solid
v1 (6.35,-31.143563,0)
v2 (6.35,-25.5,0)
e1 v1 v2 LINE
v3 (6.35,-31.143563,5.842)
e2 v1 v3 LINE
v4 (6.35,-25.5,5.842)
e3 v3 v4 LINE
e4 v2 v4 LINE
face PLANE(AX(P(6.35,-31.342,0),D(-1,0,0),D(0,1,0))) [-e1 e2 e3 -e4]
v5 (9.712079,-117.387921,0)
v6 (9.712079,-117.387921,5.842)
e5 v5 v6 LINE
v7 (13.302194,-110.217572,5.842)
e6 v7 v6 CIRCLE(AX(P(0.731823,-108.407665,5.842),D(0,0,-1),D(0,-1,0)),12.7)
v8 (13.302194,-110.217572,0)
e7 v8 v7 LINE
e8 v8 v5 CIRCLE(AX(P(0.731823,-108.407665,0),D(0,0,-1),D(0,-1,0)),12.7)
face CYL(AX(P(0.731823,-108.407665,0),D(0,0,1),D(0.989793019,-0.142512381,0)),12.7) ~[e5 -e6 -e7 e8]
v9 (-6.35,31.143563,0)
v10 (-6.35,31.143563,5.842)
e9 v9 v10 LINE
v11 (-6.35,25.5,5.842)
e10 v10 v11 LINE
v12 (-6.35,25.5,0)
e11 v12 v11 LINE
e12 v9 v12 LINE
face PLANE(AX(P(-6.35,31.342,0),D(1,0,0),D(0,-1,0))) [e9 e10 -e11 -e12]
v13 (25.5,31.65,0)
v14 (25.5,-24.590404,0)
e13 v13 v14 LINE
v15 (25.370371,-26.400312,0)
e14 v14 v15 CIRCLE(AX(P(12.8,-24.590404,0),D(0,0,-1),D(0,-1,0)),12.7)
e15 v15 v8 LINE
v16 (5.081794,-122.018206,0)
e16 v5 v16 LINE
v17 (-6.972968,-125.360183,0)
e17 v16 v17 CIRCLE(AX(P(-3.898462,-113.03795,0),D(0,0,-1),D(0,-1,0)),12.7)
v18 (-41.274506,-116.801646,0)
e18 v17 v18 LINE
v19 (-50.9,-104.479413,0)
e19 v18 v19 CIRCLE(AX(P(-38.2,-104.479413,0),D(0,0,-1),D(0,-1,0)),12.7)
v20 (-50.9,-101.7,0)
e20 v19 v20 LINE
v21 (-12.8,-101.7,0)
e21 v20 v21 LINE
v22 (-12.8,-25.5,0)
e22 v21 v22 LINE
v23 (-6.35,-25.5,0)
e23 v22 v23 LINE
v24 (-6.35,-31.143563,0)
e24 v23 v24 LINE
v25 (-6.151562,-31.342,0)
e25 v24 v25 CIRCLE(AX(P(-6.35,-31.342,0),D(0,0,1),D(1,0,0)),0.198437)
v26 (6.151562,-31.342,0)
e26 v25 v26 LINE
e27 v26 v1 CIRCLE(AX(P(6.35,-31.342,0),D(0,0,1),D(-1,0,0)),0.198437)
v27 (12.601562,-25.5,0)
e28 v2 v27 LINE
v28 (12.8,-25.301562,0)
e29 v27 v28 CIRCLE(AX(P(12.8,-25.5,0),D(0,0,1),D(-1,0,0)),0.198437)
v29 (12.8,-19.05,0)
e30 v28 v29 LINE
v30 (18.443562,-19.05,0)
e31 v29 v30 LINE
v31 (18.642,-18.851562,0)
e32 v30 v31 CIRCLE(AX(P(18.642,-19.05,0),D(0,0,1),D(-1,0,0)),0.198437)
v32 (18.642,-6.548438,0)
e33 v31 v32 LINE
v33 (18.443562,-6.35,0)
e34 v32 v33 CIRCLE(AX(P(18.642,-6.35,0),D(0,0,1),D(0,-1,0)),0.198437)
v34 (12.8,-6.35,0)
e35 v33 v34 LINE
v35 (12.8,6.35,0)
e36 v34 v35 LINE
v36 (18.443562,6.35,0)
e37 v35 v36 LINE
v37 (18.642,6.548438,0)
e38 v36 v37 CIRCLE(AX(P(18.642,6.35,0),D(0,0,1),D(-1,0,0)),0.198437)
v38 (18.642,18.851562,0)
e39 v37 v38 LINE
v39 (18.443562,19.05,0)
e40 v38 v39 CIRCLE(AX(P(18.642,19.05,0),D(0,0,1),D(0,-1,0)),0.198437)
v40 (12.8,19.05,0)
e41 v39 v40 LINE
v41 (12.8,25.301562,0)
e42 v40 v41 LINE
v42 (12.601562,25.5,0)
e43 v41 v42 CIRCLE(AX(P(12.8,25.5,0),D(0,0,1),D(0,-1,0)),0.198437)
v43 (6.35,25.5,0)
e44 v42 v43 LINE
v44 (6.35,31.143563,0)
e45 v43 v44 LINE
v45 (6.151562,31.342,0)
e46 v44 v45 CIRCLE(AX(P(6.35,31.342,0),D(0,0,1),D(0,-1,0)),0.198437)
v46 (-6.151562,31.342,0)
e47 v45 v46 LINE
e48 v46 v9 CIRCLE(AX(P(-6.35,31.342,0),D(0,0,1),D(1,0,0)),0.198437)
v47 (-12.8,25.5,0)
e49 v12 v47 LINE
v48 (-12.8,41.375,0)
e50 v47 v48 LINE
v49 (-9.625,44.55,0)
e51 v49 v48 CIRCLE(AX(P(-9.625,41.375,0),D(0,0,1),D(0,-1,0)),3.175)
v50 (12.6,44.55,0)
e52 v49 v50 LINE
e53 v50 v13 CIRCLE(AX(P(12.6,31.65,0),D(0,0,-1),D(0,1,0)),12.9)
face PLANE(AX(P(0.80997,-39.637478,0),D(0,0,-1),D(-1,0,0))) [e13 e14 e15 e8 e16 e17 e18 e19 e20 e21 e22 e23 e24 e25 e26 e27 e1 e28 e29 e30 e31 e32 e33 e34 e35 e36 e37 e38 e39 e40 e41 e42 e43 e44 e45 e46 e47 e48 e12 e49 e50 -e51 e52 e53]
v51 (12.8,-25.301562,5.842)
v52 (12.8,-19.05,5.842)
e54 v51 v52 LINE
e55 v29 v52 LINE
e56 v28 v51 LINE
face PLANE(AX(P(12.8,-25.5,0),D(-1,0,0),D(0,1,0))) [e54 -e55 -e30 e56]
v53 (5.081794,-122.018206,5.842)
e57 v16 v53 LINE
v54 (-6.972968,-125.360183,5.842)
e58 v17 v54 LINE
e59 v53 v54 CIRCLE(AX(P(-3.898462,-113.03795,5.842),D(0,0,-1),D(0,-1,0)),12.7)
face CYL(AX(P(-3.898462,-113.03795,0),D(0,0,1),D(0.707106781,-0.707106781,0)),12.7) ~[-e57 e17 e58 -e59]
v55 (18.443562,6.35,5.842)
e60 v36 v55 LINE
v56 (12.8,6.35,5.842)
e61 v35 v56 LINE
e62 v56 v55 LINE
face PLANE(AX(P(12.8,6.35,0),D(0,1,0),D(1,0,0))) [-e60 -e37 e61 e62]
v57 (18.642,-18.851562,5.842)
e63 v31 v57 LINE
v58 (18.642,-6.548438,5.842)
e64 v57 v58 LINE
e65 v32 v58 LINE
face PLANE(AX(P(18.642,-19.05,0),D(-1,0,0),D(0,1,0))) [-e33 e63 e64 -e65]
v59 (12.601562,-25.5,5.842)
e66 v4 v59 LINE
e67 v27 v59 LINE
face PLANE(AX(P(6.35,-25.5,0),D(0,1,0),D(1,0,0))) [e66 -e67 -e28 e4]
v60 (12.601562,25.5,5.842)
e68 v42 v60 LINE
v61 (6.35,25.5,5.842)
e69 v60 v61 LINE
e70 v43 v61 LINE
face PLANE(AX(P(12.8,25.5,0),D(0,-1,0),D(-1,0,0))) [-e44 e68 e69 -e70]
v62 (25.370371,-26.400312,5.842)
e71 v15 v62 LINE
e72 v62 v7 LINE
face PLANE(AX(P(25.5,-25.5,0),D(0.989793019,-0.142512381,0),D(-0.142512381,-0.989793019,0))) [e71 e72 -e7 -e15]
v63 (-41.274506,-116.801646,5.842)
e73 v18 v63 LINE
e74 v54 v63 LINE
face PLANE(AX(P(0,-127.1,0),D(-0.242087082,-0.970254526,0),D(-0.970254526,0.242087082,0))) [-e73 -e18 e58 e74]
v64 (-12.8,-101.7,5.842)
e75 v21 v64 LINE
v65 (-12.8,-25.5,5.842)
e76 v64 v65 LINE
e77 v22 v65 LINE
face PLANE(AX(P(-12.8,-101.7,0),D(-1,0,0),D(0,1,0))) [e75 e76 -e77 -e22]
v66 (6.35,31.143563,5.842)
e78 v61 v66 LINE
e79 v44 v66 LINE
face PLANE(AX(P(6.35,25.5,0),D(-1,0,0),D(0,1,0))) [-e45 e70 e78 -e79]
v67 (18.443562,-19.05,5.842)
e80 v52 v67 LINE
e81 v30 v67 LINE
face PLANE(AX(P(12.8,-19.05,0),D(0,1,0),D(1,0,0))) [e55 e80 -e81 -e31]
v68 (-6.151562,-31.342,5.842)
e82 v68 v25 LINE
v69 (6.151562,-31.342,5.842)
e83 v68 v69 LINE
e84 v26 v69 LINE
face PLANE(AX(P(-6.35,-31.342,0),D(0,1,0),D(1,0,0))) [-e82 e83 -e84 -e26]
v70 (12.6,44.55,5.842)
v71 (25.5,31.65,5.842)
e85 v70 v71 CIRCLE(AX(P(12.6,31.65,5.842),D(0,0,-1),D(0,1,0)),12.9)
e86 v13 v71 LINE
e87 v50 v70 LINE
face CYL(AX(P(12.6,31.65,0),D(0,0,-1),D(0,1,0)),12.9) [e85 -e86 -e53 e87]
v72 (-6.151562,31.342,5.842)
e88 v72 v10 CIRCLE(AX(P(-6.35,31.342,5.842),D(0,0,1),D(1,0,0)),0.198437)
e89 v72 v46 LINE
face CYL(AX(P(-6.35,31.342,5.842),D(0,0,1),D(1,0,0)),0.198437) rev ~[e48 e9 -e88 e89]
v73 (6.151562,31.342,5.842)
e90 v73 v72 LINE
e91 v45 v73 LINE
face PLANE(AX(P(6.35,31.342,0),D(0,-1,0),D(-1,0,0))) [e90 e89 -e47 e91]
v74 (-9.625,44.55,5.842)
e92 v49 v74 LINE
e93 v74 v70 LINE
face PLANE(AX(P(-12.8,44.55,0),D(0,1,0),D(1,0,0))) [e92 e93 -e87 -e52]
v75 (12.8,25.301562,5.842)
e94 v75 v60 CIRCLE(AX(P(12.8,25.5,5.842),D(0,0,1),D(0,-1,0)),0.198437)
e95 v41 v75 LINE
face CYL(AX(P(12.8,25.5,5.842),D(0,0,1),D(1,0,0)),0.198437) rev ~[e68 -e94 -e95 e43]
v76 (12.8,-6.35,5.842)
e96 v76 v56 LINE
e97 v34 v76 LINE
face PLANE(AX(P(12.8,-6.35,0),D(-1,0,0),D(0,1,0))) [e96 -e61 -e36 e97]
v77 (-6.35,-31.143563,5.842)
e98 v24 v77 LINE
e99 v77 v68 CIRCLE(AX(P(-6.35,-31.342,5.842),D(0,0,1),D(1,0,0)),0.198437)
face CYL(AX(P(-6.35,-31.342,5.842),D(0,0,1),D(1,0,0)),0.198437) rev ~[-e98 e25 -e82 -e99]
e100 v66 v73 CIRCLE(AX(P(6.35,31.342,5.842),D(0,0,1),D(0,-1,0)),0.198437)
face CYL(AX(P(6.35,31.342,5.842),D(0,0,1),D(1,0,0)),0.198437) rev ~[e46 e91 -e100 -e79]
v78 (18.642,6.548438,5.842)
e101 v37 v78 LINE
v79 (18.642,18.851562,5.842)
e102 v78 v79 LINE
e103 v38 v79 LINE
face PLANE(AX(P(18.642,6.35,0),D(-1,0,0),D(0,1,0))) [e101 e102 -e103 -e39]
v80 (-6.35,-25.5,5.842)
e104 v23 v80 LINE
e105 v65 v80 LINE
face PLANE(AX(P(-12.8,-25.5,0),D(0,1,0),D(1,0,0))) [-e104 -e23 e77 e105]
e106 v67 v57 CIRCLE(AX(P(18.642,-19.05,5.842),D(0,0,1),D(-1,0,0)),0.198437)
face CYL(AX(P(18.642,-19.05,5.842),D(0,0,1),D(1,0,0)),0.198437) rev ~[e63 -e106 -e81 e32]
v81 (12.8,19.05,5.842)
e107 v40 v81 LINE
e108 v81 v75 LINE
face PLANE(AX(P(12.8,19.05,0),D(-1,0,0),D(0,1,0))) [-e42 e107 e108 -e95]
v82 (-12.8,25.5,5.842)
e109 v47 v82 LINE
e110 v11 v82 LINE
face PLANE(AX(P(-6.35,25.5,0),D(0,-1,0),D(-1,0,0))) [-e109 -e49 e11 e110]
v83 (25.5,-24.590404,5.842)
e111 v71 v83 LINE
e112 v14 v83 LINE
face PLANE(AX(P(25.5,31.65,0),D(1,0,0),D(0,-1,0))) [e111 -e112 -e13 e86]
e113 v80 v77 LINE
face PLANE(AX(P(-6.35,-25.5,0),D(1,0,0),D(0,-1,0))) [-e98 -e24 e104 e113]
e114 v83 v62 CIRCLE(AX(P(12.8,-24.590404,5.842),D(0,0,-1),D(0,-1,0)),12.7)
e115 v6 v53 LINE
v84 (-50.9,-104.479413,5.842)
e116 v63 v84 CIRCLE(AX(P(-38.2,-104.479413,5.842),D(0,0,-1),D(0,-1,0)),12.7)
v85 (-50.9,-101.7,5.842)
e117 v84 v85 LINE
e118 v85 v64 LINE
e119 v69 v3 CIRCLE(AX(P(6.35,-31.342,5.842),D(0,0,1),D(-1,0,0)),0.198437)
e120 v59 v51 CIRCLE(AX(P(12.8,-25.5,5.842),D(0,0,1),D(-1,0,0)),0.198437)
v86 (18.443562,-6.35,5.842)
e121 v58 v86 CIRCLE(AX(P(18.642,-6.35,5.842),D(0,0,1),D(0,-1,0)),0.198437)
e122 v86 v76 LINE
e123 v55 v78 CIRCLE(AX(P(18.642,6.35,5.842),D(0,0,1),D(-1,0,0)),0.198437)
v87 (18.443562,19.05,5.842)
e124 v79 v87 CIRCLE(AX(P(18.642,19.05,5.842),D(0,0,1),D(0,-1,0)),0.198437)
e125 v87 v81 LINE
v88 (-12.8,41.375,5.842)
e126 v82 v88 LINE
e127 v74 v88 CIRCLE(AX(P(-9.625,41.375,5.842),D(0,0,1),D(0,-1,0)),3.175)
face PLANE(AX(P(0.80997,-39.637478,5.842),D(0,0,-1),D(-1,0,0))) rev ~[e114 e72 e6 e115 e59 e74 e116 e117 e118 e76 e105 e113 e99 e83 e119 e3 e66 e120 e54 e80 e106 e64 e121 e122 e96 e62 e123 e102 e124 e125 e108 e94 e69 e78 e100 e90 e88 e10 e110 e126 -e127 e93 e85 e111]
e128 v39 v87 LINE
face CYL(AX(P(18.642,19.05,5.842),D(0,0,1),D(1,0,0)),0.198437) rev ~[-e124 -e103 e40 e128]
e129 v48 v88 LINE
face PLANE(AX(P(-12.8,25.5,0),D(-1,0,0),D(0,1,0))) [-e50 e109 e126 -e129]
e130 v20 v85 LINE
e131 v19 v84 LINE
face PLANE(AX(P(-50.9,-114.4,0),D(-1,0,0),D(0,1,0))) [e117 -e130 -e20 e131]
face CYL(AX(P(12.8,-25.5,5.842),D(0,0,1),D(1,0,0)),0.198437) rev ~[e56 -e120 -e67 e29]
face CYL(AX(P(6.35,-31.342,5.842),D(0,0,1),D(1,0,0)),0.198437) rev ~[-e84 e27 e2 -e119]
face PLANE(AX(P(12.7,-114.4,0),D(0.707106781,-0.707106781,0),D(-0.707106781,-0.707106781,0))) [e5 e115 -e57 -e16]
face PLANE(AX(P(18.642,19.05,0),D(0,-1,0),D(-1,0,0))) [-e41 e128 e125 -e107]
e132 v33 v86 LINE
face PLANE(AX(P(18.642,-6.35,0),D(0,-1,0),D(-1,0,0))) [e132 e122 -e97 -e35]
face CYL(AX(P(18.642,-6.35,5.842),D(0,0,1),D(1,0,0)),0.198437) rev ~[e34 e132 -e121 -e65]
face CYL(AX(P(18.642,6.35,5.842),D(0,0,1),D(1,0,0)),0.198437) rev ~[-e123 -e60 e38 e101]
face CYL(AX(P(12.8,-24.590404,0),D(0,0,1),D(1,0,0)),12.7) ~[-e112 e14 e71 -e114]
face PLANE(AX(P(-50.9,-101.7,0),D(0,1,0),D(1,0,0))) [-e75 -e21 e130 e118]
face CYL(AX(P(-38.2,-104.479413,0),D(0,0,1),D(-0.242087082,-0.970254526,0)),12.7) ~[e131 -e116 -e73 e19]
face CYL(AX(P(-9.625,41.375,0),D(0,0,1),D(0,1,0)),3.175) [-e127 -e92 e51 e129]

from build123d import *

# Parameters (mm, degrees)
BOSS_EXTRUDE1_DEPTH = 5.842
FILLET1_R           = 12.7
FILLET2_R           = 3.175
SKETCH2_R           = 0.1984375
CUT_EXTRUDE1_DEPTH  = 136.775443647


with BuildPart() as part:
    # Sketch1 → Boss-Extrude1 (new body)
    with BuildSketch(Plane.XY):
        with BuildLine():
            Line((-12.8, -25.5), (-6.35, -25.5))
            Line((-6.35, -25.5), (-6.35, -31.342))
            Line((-6.35, -31.342), (6.35, -31.342))
            Line((6.35, -31.342), (6.35, -25.5))
            Line((6.35, -25.5), (12.8, -25.5))
            Line((12.8, -25.5), (12.8, -19.05))
            Line((12.8, -19.05), (18.642, -19.05))
            Line((18.642, -19.05), (18.642, -6.35))
            Line((18.642, -6.35), (12.8, -6.35))
            Line((12.8, -6.35), (12.8, 6.35))
            Line((12.8, 6.35), (18.642, 6.35))
            Line((18.642, 6.35), (18.642, 19.05))
            Line((18.642, 19.05), (12.8, 19.05))
            Line((12.8, 19.05), (12.8, 25.5))
            Line((12.8, 25.5), (6.35, 25.5))
            Line((6.35, 25.5), (6.35, 31.342))
            Line((6.35, 31.342), (-6.35, 31.342))
            Line((-6.35, 31.342), (-6.35, 25.5))
            Line((-6.35, 25.5), (-12.8, 25.5))
            Line((-12.8, 25.5), (-12.8, 44.55))
            Line((-12.8, 44.55), (12.6, 44.55))
            ThreePointArc((12.6, 44.55), (21.721677477, 40.771677477), (25.5, 31.65))
            Line((25.5, 31.65), (25.5, 25.3))
            Line((25.5, 25.3), (25.5, -25.5))
            Line((25.5, -25.5), (12.7, -114.4))
            Line((12.7, -114.4), (0, -127.1))
            Line((0, -127.1), (-50.9, -114.4))
            Line((-50.9, -114.4), (-50.9, -101.7))
            Line((-50.9, -101.7), (-12.8, -101.7))
            Line((-12.8, -101.7), (-12.8, -25.5))
        make_face()
    extrude(amount=BOSS_EXTRUDE1_DEPTH)

    # Fillet1
    fillet1_edges = [part.edges().sort_by_distance(p)[0] for p in [
        (25.5, -25.5, 2.921),
        (12.7, -114.4, 2.921),
        (0, -127.1, 2.921),
        (-50.9, -114.4, 2.921),
    ]]
    fillet(fillet1_edges, radius=FILLET1_R)

    # Fillet2
    fillet2_edges = [part.edges().sort_by_distance(p)[0] for p in [
        (-12.8, 44.55, 2.921),
    ]]
    fillet(fillet2_edges, radius=FILLET2_R)

    # Sketch2 → Cut-Extrude1 (cut, through all)
    with BuildSketch(Plane.XY.offset(5.842)):
        with Locations((-6.35, 31.342)):
            Circle(SKETCH2_R)
        with Locations((6.35, 31.342)):
            Circle(SKETCH2_R)
        with Locations((18.642, 19.05)):
            Circle(SKETCH2_R)
        with Locations((12.8, 25.5)):
            Circle(SKETCH2_R)
        with Locations((18.642, 6.35)):
            Circle(SKETCH2_R)
        with Locations((18.642, -6.35)):
            Circle(SKETCH2_R)
        with Locations((12.8, -25.5)):
            Circle(SKETCH2_R)
        with Locations((18.642, -19.05)):
            Circle(SKETCH2_R)
        with Locations((6.35, -31.342)):
            Circle(SKETCH2_R)
        with Locations((-6.35, -31.342)):
            Circle(SKETCH2_R)
    extrude(amount=-CUT_EXTRUDE1_DEPTH, mode=Mode.SUBTRACT)


solid = part.part
